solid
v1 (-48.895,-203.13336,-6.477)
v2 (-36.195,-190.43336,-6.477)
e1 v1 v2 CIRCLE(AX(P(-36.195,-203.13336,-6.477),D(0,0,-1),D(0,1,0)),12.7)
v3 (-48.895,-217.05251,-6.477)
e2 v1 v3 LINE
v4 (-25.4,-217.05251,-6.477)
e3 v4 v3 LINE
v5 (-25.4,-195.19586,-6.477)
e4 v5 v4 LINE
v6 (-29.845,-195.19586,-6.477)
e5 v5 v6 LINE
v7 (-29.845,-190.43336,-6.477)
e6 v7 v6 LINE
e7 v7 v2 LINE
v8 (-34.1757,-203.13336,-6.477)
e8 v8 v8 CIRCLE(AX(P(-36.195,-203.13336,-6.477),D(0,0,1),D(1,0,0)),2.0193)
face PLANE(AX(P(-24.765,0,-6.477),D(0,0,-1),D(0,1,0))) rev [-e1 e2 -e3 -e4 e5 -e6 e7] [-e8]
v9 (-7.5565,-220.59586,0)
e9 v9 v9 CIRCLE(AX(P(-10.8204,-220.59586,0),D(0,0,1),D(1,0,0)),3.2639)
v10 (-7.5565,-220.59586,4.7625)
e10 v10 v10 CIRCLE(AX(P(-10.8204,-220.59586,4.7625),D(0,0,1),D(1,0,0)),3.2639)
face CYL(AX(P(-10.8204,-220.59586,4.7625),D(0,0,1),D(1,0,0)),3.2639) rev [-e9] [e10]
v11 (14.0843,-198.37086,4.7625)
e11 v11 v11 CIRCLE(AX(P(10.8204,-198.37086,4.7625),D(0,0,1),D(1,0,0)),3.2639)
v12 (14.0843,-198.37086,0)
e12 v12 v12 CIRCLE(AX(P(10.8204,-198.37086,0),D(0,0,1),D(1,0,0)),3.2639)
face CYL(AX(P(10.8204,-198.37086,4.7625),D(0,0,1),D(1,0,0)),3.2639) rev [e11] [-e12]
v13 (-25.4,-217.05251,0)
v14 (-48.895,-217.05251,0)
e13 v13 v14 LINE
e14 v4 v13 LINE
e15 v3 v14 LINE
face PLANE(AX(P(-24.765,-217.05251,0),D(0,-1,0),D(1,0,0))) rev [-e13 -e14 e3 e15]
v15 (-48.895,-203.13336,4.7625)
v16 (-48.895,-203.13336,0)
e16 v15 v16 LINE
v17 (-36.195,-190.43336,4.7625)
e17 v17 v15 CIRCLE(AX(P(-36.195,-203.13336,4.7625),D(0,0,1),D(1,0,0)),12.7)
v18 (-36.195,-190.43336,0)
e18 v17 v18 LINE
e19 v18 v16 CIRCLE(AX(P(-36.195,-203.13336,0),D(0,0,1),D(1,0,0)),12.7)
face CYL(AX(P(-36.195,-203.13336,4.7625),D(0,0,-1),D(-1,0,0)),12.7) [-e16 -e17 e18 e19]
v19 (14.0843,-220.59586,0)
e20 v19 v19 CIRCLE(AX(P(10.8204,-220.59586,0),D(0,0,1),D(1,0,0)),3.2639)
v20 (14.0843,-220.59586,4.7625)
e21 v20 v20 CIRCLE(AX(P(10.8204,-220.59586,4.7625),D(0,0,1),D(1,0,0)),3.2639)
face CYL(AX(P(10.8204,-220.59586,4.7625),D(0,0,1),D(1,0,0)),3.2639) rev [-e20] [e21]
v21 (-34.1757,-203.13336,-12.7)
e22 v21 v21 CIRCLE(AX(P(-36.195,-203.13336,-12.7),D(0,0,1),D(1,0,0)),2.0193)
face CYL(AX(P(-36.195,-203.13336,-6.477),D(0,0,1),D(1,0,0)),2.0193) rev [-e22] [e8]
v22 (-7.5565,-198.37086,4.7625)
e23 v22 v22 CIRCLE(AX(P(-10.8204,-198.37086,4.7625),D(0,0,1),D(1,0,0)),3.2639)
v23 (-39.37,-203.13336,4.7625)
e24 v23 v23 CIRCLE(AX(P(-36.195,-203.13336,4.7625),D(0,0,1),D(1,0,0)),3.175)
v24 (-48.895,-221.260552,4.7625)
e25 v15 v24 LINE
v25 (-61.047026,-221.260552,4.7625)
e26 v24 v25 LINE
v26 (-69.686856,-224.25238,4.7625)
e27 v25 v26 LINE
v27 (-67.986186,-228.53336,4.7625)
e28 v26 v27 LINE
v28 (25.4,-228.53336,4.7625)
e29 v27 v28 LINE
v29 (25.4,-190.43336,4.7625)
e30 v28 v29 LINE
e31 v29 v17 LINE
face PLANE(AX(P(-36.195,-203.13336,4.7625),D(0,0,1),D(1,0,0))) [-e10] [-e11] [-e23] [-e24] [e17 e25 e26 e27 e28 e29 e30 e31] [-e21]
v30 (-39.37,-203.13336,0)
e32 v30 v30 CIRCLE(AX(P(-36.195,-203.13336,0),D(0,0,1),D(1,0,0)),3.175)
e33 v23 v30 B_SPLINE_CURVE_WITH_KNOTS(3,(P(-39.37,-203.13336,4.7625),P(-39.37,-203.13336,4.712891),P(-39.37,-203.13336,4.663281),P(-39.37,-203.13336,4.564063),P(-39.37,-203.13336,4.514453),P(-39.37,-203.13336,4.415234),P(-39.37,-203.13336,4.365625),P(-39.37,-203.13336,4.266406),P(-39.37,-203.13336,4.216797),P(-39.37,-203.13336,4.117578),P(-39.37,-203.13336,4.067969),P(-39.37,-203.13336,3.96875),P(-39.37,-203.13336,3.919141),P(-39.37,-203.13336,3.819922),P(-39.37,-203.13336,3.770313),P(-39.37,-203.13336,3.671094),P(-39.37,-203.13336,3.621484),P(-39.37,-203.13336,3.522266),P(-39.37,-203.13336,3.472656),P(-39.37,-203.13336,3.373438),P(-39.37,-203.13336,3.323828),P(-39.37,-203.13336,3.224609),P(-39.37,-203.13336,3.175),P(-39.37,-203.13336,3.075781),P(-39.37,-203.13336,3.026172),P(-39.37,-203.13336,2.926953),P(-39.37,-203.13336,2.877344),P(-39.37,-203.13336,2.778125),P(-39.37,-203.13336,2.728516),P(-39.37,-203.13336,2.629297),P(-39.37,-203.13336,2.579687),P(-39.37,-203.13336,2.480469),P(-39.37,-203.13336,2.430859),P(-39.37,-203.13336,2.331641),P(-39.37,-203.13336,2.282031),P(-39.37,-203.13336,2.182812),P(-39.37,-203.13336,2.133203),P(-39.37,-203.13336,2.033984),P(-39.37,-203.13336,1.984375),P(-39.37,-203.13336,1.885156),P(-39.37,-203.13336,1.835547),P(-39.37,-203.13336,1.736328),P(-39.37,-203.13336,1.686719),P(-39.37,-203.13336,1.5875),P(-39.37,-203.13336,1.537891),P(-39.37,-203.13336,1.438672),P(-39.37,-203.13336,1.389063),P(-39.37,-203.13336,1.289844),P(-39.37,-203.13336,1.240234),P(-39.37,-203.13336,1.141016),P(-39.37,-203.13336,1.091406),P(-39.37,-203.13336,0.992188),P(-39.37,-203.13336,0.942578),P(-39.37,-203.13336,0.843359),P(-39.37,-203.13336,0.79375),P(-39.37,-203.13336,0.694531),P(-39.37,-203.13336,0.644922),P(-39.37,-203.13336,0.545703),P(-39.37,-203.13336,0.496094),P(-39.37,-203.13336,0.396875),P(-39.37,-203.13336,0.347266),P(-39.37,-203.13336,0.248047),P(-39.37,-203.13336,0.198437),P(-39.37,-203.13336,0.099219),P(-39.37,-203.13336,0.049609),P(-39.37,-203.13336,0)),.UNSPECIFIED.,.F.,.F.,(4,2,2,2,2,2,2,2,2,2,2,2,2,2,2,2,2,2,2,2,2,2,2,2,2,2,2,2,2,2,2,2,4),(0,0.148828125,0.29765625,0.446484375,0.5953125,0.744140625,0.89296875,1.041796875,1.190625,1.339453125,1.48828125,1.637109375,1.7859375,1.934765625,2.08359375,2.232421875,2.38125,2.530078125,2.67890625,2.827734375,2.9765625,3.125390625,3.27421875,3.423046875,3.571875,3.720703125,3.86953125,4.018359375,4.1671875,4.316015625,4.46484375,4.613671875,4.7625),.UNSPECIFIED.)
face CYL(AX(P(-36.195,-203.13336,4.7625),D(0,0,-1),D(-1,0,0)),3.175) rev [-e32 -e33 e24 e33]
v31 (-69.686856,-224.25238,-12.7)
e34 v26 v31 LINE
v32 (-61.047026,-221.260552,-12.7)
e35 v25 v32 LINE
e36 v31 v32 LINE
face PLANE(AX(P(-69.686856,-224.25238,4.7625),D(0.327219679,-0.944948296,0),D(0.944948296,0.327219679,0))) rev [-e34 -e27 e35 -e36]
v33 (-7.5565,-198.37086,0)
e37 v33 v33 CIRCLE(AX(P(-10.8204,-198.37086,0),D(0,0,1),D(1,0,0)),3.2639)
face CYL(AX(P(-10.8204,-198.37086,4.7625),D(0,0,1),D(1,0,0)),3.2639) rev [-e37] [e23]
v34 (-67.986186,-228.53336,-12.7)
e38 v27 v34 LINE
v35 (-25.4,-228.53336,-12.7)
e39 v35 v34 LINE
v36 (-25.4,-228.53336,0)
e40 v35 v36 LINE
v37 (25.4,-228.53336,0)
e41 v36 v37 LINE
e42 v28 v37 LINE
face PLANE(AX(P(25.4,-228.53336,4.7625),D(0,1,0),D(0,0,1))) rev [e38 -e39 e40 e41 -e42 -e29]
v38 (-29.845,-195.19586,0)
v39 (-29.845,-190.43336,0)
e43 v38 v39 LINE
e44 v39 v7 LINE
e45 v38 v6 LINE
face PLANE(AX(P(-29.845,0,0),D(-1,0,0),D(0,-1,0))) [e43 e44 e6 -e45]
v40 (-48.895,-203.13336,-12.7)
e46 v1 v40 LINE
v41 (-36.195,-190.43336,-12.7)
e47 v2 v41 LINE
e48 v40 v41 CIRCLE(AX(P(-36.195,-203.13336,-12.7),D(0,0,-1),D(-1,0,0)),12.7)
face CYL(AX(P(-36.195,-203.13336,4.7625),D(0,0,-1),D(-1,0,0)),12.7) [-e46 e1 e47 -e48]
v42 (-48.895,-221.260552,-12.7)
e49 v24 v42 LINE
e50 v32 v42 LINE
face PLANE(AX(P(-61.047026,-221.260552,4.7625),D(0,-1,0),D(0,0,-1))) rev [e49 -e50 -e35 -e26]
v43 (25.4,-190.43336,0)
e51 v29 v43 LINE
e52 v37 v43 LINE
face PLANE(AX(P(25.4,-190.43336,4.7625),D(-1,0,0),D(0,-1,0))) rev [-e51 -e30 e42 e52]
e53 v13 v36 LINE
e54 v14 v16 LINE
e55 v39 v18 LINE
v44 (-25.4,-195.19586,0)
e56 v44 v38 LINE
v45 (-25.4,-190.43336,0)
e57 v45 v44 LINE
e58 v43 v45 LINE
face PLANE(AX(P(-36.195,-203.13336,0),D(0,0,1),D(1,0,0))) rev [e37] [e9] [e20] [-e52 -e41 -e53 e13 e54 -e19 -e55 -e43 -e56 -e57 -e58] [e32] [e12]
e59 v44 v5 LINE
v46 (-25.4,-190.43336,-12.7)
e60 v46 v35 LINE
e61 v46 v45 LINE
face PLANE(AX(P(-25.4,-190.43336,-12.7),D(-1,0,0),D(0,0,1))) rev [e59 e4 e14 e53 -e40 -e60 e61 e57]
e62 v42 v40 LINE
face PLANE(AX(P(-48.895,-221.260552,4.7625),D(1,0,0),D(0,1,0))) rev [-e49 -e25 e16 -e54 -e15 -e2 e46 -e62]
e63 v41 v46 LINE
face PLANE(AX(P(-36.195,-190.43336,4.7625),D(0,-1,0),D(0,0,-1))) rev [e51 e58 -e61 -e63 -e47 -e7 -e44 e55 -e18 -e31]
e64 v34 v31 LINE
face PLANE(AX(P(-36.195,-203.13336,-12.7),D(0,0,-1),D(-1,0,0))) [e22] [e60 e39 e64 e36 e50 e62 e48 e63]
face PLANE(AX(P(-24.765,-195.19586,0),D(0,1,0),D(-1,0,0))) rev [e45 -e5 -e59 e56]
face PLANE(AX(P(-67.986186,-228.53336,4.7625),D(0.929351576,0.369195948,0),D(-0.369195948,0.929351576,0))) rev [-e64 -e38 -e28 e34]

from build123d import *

# Parameters (mm, degrees)
SKETCH2_R                  = 3.175
BOSS_EXTRUDE1_DEPTH        = 4.7625
BOSS_EXTRUDE2_START        = 12.7
BOSS_EXTRUDE2_DEPTH        = 12.7
SKETCH12_W                 = 6.477
SKETCH12_H                 = 21.856650617
CUT_EXTRUDE1_DEPTH         = 24.13
SKETCH12_3_W               = 6.477
SKETCH12_3_H               = 4.7625
CUT_EXTRUDE2_DEPTH         = 19.05
TAP_DRILL_FOR_10_32_TAP1_D = 4.0386
F_1_4_CLEARANCE_HOLE1_D    = 6.5278


with BuildPart() as part:
    # Sketch2 → Boss-Extrude1 (new body)
    with BuildSketch(Plane.XY):
        with BuildLine():
            Line((-67.986186343, -228.533359856), (-69.686856366, -224.252380141))
            Line((-69.686856366, -224.252380141), (-61.0470258, -221.260552334))
            Line((-61.0470258, -221.260552334), (-48.895, -221.260552334))
            Line((-48.895, -221.260552334), (-48.895, -203.133359856))
            ThreePointArc((-48.895, -203.133359856), (-45.175256121, -194.153103735), (-36.195, -190.433359856))
            Line((-36.195, -190.433359856), (25.4, -190.433359856))
            Line((25.4, -190.433359856), (25.4, -228.533359856))
            Line((25.4, -228.533359856), (-67.986186343, -228.533359856))
        make_face()
        with Locations((-36.195, -203.133359856)):
            Circle(SKETCH2_R, mode=Mode.SUBTRACT)
    extrude(amount=BOSS_EXTRUDE1_DEPTH)

    # Sketch11 → Boss-Extrude2 (add)
    with BuildSketch(Plane(origin=(0, 0, 0), x_dir=(-1, 0, 0), z_dir=(0, 0, -1)).offset(BOSS_EXTRUDE2_START)):
        with BuildLine():
            Line((25.4, -190.433359856), (25.4, -228.533359856))
            Line((25.4, -228.533359856), (67.986186343, -228.533359856))
            Line((67.986186343, -228.533359856), (69.686856366, -224.252380141))
            Line((69.686856366, -224.252380141), (61.0470258, -221.260552334))
            Line((61.0470258, -221.260552334), (48.895, -221.260552334))
            Line((48.895, -221.260552334), (48.895, -203.133359856))
            ThreePointArc((48.895, -203.133359856), (45.175256121, -194.153103735), (36.195, -190.433359856))
            Line((36.195, -190.433359856), (25.4, -190.433359856))
        make_face()
    extrude(amount=-BOSS_EXTRUDE2_DEPTH)

    # Sketch12 → Cut-Extrude1 (cut)
    with BuildSketch(Plane.ZY.offset(48.895)):
        with Locations((-3.2385, -206.124185165)):
            Rectangle(SKETCH12_W, SKETCH12_H)
    extrude(amount=-CUT_EXTRUDE1_DEPTH, mode=Mode.SUBTRACT)

    # Sketch12<3> → Cut-Extrude2 (cut)
    with BuildSketch(Plane.ZY.offset(48.895)):
        with Locations((-3.2385, -192.814609856)):
            Rectangle(SKETCH12_3_W, SKETCH12_3_H)
    extrude(amount=-CUT_EXTRUDE2_DEPTH, mode=Mode.SUBTRACT)

    # Tap Drill for #10-32 Tap1 (through all)
    with Locations(Plane.XY.offset(-6.477)):
        with Locations((-36.195, -203.133359856)):
            Hole(TAP_DRILL_FOR_10_32_TAP1_D / 2)

    # 1/4 Clearance Hole1 (through all)
    with Locations(Plane.XY.offset(4.7625)):
        with Locations((-10.8204, -198.370859856), (-10.8204, -220.595859856), (10.8204, -220.595859856), (10.8204, -198.370859856)):
            Hole(F_1_4_CLEARANCE_HOLE1_D / 2)


solid = part.part
